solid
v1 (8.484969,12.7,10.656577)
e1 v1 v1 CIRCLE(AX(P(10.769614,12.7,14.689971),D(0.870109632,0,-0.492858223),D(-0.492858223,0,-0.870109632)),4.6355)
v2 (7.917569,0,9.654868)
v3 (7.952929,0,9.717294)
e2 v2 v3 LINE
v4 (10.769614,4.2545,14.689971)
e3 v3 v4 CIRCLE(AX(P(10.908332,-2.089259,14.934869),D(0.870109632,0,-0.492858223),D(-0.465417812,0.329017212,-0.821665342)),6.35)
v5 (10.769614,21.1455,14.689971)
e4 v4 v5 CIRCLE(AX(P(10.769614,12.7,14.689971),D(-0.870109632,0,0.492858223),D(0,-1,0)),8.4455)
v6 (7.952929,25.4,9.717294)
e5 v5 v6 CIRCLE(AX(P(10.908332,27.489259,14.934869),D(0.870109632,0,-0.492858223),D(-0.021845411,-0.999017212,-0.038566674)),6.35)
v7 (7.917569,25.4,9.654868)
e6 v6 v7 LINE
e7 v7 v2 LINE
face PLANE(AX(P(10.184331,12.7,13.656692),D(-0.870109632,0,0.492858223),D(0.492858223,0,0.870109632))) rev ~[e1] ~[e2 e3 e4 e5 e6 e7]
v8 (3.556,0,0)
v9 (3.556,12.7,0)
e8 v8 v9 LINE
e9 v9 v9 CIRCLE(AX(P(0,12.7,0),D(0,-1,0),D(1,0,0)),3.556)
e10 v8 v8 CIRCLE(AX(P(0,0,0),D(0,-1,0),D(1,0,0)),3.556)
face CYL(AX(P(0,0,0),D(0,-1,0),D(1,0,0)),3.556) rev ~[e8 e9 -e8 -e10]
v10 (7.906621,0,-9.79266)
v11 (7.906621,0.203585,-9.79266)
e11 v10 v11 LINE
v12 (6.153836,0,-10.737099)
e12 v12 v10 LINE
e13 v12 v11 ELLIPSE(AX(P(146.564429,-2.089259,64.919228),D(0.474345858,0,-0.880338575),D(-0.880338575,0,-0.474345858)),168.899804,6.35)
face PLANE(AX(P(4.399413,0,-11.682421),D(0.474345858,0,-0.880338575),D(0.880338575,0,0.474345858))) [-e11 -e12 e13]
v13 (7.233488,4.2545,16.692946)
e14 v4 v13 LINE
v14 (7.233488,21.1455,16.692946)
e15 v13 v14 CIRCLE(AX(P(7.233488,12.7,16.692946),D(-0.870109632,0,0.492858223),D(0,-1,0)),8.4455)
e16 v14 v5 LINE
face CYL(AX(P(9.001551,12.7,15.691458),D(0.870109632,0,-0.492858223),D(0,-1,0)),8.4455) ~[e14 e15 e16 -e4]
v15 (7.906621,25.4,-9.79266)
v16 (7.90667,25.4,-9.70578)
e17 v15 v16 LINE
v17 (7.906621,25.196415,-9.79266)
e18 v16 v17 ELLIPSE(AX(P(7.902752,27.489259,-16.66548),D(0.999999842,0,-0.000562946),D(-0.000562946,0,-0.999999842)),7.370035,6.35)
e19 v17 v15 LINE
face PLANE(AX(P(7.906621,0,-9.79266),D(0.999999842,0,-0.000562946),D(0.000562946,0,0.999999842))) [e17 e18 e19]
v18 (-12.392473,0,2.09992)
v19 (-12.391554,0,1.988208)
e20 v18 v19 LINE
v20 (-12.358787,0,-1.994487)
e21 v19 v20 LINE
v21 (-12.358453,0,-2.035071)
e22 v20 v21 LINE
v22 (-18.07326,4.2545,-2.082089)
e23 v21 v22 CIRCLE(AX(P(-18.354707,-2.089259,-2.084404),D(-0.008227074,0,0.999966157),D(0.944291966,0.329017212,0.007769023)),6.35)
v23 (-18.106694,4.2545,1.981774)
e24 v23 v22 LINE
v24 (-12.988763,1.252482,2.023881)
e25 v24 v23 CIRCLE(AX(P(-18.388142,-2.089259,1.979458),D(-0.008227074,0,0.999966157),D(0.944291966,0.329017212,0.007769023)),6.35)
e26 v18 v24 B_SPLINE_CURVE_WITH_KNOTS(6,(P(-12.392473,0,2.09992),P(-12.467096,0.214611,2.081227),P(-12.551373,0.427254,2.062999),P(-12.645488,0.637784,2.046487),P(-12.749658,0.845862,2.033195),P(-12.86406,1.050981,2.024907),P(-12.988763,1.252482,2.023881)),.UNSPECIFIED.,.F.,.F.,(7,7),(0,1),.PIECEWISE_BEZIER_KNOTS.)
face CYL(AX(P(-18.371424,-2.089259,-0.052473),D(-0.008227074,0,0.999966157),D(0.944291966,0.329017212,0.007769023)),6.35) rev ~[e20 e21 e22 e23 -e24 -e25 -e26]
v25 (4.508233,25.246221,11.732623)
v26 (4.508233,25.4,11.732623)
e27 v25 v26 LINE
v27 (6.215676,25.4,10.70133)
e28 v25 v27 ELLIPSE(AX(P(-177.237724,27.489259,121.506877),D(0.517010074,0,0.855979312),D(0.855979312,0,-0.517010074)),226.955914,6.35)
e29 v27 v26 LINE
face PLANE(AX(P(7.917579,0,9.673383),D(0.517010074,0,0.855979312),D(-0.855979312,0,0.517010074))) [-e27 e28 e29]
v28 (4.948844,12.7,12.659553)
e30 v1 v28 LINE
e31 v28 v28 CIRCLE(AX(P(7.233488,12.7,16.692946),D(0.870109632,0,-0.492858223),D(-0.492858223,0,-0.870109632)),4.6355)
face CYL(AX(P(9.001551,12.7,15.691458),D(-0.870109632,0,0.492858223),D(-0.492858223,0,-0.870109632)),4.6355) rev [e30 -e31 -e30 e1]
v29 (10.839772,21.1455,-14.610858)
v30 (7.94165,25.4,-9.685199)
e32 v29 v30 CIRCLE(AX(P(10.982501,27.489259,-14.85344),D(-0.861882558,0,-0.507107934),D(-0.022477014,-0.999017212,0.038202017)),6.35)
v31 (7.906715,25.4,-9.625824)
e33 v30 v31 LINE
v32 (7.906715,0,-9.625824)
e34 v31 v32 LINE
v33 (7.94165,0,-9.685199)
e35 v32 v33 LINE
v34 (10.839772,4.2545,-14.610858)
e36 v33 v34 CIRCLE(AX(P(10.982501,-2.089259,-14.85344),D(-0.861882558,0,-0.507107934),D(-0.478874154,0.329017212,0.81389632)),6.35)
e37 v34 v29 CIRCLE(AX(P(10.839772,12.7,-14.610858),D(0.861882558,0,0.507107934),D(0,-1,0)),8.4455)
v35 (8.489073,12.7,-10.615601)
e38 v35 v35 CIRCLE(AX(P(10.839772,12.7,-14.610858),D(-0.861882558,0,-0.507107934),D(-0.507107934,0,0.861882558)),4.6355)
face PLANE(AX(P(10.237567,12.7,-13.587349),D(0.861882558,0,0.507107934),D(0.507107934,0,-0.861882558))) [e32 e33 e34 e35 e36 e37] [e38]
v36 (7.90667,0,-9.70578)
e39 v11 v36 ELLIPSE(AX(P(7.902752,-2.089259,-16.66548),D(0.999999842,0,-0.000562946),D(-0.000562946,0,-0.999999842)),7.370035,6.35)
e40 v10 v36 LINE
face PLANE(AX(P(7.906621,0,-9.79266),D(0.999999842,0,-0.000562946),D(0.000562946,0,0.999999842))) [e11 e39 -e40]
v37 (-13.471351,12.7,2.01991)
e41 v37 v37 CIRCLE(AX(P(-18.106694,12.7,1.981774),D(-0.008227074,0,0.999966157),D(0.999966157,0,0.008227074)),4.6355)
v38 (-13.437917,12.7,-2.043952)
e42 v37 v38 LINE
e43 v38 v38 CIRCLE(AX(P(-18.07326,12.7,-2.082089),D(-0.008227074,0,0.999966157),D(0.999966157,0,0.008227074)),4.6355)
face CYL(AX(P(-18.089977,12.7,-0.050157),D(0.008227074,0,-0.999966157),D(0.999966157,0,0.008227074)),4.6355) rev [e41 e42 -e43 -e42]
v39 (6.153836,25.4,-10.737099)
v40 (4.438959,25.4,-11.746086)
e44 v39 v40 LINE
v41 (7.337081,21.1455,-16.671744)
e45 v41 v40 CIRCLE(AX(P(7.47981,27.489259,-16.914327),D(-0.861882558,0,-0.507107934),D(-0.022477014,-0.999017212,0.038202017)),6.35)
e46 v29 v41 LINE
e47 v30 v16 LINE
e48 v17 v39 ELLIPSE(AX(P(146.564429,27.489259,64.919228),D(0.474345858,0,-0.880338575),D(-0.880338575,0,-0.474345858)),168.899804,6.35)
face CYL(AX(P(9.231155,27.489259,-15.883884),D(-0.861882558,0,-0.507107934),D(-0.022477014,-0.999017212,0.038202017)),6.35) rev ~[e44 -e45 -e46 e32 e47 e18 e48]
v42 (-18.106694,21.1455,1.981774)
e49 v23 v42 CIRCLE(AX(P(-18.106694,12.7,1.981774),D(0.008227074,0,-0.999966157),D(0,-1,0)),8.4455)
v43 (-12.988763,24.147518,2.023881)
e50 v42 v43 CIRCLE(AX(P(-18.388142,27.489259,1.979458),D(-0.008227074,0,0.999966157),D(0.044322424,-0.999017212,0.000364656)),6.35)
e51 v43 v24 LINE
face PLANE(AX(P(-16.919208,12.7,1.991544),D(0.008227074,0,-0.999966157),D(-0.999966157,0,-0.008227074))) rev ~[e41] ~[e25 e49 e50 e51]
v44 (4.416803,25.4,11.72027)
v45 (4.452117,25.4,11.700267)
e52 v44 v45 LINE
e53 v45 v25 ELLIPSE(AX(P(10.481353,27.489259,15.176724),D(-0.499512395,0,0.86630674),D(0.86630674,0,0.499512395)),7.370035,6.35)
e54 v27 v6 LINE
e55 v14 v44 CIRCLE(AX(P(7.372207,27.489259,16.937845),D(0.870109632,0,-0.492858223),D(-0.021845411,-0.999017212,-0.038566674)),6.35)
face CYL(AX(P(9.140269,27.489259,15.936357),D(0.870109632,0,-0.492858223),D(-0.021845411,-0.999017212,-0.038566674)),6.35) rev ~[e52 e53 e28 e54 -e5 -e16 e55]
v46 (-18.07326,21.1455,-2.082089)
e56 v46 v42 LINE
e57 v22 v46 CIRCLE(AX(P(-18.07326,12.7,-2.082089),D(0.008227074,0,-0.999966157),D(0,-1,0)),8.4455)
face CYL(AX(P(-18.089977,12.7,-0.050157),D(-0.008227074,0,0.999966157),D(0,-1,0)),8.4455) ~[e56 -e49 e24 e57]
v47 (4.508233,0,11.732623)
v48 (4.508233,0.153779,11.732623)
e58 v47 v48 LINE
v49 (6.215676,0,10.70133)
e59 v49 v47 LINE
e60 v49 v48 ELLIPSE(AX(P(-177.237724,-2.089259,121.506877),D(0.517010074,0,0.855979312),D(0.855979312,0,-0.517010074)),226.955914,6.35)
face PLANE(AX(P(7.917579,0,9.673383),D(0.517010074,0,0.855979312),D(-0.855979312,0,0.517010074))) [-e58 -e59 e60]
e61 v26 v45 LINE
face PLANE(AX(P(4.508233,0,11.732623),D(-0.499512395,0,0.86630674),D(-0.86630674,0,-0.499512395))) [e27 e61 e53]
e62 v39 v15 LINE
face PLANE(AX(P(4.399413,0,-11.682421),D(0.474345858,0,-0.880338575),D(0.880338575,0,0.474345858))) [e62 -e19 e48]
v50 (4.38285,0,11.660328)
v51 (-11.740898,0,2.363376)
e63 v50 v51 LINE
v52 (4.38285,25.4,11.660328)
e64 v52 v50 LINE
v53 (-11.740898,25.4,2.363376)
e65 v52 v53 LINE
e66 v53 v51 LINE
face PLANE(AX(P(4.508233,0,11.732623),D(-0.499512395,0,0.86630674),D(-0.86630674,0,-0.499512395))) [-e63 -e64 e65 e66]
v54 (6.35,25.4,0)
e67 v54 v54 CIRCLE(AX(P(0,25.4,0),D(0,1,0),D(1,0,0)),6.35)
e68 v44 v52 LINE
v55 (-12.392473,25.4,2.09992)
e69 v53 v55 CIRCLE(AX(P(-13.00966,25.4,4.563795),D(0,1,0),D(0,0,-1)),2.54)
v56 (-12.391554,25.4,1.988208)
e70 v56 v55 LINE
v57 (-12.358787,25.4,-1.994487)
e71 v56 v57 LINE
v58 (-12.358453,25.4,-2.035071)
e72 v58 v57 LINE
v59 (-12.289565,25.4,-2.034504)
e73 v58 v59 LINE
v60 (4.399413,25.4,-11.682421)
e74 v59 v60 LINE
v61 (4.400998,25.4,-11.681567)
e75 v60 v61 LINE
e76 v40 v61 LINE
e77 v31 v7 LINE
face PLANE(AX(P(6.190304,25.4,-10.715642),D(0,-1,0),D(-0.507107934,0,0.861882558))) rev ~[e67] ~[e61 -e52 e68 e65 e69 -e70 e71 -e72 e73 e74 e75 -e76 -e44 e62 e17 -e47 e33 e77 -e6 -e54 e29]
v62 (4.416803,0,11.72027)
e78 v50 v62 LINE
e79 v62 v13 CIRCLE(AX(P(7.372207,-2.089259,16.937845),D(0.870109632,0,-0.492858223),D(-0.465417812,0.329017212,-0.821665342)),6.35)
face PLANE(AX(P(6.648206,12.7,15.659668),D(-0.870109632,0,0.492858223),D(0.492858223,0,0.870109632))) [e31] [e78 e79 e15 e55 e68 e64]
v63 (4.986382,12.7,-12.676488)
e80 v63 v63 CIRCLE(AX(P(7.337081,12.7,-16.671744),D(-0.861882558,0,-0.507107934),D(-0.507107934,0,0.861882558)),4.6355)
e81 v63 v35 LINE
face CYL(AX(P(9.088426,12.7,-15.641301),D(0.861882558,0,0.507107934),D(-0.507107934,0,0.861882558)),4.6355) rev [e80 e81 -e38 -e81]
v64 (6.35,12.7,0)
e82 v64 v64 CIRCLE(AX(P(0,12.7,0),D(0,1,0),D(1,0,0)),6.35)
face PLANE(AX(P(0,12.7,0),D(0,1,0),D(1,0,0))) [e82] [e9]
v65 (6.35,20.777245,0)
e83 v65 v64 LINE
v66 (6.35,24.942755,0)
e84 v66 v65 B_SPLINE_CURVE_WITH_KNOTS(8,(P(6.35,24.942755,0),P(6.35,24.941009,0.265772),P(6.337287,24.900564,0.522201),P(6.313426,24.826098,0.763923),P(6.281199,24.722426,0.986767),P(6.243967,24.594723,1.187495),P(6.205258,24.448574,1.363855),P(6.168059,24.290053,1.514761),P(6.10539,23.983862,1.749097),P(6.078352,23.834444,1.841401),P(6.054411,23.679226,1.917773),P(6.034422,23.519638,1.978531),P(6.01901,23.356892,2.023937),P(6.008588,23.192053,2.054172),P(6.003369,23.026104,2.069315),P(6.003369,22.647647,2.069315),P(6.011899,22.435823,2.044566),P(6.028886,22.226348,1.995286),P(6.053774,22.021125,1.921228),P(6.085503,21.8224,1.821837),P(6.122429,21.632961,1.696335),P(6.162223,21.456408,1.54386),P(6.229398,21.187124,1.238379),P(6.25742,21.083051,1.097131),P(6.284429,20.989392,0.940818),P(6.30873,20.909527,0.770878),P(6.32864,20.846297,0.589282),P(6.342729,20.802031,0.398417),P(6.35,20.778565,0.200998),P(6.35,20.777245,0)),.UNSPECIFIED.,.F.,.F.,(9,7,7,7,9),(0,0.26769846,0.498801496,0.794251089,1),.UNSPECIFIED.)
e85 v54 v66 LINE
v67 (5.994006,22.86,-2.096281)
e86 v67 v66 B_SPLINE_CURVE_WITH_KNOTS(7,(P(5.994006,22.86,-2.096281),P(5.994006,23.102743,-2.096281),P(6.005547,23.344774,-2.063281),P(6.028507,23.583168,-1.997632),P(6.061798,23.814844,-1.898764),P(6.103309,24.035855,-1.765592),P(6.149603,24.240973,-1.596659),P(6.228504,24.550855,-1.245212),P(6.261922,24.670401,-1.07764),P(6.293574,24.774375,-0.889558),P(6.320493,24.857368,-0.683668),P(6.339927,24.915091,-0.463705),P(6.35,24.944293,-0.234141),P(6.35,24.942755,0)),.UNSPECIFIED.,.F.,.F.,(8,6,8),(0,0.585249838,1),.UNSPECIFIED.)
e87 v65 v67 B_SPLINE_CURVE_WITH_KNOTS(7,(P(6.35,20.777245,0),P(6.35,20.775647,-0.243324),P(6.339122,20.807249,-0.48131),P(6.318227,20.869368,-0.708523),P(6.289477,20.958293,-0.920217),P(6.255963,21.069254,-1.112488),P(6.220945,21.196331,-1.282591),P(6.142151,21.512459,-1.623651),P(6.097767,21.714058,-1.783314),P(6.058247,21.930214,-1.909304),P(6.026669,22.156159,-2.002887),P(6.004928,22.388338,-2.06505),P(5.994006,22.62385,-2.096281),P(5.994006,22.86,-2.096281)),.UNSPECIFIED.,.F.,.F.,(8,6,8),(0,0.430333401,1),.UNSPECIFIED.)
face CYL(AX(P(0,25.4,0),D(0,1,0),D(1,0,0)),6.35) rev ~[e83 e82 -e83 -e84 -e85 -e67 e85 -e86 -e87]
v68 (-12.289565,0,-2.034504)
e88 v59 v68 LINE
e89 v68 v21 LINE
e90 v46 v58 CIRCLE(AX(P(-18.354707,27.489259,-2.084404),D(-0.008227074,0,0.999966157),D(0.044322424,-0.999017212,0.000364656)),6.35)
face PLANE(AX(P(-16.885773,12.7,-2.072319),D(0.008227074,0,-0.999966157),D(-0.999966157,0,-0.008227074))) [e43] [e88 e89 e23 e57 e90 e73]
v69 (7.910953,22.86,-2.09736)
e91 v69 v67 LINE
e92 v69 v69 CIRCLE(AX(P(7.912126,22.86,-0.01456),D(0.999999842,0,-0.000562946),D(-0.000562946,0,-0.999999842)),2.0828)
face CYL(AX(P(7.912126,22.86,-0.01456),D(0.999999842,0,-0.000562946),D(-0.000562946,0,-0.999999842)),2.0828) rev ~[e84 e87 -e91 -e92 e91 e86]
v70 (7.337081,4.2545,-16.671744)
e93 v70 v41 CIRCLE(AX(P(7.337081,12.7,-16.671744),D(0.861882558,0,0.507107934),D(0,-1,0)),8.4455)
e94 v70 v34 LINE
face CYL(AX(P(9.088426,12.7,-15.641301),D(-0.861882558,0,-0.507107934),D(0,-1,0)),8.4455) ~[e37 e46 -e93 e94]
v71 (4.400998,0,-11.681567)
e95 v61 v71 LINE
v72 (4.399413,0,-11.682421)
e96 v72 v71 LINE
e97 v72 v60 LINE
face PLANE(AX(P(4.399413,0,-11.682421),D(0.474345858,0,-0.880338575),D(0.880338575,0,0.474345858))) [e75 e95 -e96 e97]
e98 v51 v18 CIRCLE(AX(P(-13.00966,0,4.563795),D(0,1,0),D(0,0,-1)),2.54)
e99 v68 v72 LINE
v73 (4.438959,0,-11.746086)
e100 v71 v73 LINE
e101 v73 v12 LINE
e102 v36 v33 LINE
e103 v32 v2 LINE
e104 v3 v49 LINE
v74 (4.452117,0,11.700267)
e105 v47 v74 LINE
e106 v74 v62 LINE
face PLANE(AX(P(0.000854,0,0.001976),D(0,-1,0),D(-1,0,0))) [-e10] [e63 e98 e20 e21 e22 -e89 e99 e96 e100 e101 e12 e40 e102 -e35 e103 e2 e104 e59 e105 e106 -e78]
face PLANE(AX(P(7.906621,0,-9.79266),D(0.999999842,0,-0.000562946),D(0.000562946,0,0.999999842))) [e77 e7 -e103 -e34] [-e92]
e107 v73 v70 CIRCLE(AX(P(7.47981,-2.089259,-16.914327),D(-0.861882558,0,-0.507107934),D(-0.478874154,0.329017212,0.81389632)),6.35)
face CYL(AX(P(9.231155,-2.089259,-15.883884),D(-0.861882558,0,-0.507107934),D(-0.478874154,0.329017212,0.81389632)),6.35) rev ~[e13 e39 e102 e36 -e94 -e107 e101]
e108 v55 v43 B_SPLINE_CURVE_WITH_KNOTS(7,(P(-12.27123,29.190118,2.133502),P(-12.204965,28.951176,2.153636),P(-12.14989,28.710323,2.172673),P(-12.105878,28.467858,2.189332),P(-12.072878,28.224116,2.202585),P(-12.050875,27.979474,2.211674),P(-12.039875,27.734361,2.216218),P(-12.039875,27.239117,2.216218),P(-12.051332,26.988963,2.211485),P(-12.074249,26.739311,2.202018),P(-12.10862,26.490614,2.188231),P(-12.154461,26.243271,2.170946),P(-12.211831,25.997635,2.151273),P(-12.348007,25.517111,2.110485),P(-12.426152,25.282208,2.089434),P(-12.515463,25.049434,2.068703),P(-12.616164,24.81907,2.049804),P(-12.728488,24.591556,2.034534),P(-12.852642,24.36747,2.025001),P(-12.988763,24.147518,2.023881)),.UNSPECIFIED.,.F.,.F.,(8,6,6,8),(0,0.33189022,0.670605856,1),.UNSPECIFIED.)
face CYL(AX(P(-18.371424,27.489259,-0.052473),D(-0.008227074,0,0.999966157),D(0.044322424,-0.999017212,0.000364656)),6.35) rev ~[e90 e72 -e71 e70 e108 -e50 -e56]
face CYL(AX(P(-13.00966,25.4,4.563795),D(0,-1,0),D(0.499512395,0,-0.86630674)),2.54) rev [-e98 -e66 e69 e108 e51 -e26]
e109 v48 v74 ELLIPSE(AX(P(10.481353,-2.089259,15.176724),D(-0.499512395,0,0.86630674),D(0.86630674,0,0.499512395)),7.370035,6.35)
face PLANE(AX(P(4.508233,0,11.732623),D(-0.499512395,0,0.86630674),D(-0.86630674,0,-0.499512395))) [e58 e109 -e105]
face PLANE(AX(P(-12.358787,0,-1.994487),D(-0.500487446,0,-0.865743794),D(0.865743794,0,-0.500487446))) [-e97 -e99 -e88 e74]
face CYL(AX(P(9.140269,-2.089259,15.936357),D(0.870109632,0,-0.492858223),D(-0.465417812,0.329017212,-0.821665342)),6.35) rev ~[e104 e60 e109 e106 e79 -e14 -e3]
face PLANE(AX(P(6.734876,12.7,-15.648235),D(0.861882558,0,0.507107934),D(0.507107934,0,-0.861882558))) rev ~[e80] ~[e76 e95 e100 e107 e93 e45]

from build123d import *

# Parameters (mm, degrees)
BOSS_EXTRUDE1_DEPTH = 25.4
SKETCH3_R           = 6.35
CUT_EXTRUDE1_DEPTH  = 12.7
SKETCH4_R           = 3.556
CUT_EXTRUDE2_DEPTH  = 12.7
SKETCH11_R          = 4.6355
BOSS_EXTRUDE3_DEPTH = 2.032
CIRPATTERN1_COUNT   = 3
SKETCH12_R          = 2.0828
CUT_EXTRUDE4_DEPTH  = 2.9718
FILLET3_R           = 2.54


with BuildPart() as part:
    # Sketch1 → Boss-Extrude1 (new body)
    with BuildSketch(Plane(origin=(0, 0, 0), x_dir=(1, 0, 0), z_dir=(0, 1, 0))):
        Polygon((7.906621038, 9.792659833), (7.917579369, -9.673383406), (4.508232527, -11.732623201), (-12.391554014, -1.98820766), (-12.35878698, 1.994487054), (4.399412926, 11.682420986), align=None)
    extrude(amount=BOSS_EXTRUDE1_DEPTH)

    # Sketch3 → Cut-Extrude1 (cut)
    with BuildSketch(Plane(origin=(0, 25.4, 0), x_dir=(1, 0, 0), z_dir=(0, 1, 0))):
        Circle(SKETCH3_R)
    extrude(amount=-CUT_EXTRUDE1_DEPTH, mode=Mode.SUBTRACT)

    # Sketch4 → Cut-Extrude2 (cut)
    with BuildSketch(Plane.XZ):
        Circle(SKETCH4_R)
    extrude(amount=-CUT_EXTRUDE2_DEPTH, mode=Mode.SUBTRACT)

    # Sketch11 → Boss-Extrude3 (add, symmetric)
    with BuildSketch(Plane(origin=(-0.000811781, 0, 0.098668517), x_dir=(0.9999661570516756, 0, 0.008227074285784747), z_dir=(-0.008227074285784747, 0, 0.9999661570516756))):
        with BuildLine():
            Line((-12.151651157, 25.4), (-12.151651157, 0))
            Line((-12.151651157, 0), (-12.374777516, 0))
            ThreePointArc((-12.374777516, 0), (-14.579369049, 3.004291223), (-18.089777516, 4.2545))
            ThreePointArc((-18.089777516, 4.2545), (-26.535277516, 12.7), (-18.089777516, 21.1455))
            ThreePointArc((-18.089777516, 21.1455), (-14.579369049, 22.395708777), (-12.374777516, 25.4))
            Line((-12.374777516, 25.4), (-12.151651157, 25.4))
        make_face()
        with Locations((-18.089777516, 12.7)):
            Circle(SKETCH11_R, mode=Mode.SUBTRACT)
    boss_extrude3 = extrude(amount=BOSS_EXTRUDE3_DEPTH, both=True)

    # CirPattern1: Boss-Extrude3 ×3 about axis
    cirpattern1_axis = Axis((0, 12.7, 0), (0, 1, 0))
    for i in range(1, CIRPATTERN1_COUNT):
        add(boss_extrude3.rotate(cirpattern1_axis, i * 360 / CIRPATTERN1_COUNT))

    # Sketch12 → Cut-Extrude4 (cut)
    with BuildSketch(Plane(origin=(7.912131269, 0, -0.004454103), x_dir=(-0.0005629459184425108, 0, -0.9999998415459339), z_dir=(0.9999998415459339, 0, -0.0005629459184425108))):
        with Locations((0.010106248, 22.86)):
            Circle(SKETCH12_R)
    extrude(amount=-CUT_EXTRUDE4_DEPTH, mode=Mode.SUBTRACT)

    # Fillet3
    fillet3_edges = [part.edges().sort_by_distance(p)[0] for p in [
        (-12.320145535, 12.7, 2.029381784),
    ]]
    fillet(fillet3_edges, radius=FILLET3_R)


solid = part.part
